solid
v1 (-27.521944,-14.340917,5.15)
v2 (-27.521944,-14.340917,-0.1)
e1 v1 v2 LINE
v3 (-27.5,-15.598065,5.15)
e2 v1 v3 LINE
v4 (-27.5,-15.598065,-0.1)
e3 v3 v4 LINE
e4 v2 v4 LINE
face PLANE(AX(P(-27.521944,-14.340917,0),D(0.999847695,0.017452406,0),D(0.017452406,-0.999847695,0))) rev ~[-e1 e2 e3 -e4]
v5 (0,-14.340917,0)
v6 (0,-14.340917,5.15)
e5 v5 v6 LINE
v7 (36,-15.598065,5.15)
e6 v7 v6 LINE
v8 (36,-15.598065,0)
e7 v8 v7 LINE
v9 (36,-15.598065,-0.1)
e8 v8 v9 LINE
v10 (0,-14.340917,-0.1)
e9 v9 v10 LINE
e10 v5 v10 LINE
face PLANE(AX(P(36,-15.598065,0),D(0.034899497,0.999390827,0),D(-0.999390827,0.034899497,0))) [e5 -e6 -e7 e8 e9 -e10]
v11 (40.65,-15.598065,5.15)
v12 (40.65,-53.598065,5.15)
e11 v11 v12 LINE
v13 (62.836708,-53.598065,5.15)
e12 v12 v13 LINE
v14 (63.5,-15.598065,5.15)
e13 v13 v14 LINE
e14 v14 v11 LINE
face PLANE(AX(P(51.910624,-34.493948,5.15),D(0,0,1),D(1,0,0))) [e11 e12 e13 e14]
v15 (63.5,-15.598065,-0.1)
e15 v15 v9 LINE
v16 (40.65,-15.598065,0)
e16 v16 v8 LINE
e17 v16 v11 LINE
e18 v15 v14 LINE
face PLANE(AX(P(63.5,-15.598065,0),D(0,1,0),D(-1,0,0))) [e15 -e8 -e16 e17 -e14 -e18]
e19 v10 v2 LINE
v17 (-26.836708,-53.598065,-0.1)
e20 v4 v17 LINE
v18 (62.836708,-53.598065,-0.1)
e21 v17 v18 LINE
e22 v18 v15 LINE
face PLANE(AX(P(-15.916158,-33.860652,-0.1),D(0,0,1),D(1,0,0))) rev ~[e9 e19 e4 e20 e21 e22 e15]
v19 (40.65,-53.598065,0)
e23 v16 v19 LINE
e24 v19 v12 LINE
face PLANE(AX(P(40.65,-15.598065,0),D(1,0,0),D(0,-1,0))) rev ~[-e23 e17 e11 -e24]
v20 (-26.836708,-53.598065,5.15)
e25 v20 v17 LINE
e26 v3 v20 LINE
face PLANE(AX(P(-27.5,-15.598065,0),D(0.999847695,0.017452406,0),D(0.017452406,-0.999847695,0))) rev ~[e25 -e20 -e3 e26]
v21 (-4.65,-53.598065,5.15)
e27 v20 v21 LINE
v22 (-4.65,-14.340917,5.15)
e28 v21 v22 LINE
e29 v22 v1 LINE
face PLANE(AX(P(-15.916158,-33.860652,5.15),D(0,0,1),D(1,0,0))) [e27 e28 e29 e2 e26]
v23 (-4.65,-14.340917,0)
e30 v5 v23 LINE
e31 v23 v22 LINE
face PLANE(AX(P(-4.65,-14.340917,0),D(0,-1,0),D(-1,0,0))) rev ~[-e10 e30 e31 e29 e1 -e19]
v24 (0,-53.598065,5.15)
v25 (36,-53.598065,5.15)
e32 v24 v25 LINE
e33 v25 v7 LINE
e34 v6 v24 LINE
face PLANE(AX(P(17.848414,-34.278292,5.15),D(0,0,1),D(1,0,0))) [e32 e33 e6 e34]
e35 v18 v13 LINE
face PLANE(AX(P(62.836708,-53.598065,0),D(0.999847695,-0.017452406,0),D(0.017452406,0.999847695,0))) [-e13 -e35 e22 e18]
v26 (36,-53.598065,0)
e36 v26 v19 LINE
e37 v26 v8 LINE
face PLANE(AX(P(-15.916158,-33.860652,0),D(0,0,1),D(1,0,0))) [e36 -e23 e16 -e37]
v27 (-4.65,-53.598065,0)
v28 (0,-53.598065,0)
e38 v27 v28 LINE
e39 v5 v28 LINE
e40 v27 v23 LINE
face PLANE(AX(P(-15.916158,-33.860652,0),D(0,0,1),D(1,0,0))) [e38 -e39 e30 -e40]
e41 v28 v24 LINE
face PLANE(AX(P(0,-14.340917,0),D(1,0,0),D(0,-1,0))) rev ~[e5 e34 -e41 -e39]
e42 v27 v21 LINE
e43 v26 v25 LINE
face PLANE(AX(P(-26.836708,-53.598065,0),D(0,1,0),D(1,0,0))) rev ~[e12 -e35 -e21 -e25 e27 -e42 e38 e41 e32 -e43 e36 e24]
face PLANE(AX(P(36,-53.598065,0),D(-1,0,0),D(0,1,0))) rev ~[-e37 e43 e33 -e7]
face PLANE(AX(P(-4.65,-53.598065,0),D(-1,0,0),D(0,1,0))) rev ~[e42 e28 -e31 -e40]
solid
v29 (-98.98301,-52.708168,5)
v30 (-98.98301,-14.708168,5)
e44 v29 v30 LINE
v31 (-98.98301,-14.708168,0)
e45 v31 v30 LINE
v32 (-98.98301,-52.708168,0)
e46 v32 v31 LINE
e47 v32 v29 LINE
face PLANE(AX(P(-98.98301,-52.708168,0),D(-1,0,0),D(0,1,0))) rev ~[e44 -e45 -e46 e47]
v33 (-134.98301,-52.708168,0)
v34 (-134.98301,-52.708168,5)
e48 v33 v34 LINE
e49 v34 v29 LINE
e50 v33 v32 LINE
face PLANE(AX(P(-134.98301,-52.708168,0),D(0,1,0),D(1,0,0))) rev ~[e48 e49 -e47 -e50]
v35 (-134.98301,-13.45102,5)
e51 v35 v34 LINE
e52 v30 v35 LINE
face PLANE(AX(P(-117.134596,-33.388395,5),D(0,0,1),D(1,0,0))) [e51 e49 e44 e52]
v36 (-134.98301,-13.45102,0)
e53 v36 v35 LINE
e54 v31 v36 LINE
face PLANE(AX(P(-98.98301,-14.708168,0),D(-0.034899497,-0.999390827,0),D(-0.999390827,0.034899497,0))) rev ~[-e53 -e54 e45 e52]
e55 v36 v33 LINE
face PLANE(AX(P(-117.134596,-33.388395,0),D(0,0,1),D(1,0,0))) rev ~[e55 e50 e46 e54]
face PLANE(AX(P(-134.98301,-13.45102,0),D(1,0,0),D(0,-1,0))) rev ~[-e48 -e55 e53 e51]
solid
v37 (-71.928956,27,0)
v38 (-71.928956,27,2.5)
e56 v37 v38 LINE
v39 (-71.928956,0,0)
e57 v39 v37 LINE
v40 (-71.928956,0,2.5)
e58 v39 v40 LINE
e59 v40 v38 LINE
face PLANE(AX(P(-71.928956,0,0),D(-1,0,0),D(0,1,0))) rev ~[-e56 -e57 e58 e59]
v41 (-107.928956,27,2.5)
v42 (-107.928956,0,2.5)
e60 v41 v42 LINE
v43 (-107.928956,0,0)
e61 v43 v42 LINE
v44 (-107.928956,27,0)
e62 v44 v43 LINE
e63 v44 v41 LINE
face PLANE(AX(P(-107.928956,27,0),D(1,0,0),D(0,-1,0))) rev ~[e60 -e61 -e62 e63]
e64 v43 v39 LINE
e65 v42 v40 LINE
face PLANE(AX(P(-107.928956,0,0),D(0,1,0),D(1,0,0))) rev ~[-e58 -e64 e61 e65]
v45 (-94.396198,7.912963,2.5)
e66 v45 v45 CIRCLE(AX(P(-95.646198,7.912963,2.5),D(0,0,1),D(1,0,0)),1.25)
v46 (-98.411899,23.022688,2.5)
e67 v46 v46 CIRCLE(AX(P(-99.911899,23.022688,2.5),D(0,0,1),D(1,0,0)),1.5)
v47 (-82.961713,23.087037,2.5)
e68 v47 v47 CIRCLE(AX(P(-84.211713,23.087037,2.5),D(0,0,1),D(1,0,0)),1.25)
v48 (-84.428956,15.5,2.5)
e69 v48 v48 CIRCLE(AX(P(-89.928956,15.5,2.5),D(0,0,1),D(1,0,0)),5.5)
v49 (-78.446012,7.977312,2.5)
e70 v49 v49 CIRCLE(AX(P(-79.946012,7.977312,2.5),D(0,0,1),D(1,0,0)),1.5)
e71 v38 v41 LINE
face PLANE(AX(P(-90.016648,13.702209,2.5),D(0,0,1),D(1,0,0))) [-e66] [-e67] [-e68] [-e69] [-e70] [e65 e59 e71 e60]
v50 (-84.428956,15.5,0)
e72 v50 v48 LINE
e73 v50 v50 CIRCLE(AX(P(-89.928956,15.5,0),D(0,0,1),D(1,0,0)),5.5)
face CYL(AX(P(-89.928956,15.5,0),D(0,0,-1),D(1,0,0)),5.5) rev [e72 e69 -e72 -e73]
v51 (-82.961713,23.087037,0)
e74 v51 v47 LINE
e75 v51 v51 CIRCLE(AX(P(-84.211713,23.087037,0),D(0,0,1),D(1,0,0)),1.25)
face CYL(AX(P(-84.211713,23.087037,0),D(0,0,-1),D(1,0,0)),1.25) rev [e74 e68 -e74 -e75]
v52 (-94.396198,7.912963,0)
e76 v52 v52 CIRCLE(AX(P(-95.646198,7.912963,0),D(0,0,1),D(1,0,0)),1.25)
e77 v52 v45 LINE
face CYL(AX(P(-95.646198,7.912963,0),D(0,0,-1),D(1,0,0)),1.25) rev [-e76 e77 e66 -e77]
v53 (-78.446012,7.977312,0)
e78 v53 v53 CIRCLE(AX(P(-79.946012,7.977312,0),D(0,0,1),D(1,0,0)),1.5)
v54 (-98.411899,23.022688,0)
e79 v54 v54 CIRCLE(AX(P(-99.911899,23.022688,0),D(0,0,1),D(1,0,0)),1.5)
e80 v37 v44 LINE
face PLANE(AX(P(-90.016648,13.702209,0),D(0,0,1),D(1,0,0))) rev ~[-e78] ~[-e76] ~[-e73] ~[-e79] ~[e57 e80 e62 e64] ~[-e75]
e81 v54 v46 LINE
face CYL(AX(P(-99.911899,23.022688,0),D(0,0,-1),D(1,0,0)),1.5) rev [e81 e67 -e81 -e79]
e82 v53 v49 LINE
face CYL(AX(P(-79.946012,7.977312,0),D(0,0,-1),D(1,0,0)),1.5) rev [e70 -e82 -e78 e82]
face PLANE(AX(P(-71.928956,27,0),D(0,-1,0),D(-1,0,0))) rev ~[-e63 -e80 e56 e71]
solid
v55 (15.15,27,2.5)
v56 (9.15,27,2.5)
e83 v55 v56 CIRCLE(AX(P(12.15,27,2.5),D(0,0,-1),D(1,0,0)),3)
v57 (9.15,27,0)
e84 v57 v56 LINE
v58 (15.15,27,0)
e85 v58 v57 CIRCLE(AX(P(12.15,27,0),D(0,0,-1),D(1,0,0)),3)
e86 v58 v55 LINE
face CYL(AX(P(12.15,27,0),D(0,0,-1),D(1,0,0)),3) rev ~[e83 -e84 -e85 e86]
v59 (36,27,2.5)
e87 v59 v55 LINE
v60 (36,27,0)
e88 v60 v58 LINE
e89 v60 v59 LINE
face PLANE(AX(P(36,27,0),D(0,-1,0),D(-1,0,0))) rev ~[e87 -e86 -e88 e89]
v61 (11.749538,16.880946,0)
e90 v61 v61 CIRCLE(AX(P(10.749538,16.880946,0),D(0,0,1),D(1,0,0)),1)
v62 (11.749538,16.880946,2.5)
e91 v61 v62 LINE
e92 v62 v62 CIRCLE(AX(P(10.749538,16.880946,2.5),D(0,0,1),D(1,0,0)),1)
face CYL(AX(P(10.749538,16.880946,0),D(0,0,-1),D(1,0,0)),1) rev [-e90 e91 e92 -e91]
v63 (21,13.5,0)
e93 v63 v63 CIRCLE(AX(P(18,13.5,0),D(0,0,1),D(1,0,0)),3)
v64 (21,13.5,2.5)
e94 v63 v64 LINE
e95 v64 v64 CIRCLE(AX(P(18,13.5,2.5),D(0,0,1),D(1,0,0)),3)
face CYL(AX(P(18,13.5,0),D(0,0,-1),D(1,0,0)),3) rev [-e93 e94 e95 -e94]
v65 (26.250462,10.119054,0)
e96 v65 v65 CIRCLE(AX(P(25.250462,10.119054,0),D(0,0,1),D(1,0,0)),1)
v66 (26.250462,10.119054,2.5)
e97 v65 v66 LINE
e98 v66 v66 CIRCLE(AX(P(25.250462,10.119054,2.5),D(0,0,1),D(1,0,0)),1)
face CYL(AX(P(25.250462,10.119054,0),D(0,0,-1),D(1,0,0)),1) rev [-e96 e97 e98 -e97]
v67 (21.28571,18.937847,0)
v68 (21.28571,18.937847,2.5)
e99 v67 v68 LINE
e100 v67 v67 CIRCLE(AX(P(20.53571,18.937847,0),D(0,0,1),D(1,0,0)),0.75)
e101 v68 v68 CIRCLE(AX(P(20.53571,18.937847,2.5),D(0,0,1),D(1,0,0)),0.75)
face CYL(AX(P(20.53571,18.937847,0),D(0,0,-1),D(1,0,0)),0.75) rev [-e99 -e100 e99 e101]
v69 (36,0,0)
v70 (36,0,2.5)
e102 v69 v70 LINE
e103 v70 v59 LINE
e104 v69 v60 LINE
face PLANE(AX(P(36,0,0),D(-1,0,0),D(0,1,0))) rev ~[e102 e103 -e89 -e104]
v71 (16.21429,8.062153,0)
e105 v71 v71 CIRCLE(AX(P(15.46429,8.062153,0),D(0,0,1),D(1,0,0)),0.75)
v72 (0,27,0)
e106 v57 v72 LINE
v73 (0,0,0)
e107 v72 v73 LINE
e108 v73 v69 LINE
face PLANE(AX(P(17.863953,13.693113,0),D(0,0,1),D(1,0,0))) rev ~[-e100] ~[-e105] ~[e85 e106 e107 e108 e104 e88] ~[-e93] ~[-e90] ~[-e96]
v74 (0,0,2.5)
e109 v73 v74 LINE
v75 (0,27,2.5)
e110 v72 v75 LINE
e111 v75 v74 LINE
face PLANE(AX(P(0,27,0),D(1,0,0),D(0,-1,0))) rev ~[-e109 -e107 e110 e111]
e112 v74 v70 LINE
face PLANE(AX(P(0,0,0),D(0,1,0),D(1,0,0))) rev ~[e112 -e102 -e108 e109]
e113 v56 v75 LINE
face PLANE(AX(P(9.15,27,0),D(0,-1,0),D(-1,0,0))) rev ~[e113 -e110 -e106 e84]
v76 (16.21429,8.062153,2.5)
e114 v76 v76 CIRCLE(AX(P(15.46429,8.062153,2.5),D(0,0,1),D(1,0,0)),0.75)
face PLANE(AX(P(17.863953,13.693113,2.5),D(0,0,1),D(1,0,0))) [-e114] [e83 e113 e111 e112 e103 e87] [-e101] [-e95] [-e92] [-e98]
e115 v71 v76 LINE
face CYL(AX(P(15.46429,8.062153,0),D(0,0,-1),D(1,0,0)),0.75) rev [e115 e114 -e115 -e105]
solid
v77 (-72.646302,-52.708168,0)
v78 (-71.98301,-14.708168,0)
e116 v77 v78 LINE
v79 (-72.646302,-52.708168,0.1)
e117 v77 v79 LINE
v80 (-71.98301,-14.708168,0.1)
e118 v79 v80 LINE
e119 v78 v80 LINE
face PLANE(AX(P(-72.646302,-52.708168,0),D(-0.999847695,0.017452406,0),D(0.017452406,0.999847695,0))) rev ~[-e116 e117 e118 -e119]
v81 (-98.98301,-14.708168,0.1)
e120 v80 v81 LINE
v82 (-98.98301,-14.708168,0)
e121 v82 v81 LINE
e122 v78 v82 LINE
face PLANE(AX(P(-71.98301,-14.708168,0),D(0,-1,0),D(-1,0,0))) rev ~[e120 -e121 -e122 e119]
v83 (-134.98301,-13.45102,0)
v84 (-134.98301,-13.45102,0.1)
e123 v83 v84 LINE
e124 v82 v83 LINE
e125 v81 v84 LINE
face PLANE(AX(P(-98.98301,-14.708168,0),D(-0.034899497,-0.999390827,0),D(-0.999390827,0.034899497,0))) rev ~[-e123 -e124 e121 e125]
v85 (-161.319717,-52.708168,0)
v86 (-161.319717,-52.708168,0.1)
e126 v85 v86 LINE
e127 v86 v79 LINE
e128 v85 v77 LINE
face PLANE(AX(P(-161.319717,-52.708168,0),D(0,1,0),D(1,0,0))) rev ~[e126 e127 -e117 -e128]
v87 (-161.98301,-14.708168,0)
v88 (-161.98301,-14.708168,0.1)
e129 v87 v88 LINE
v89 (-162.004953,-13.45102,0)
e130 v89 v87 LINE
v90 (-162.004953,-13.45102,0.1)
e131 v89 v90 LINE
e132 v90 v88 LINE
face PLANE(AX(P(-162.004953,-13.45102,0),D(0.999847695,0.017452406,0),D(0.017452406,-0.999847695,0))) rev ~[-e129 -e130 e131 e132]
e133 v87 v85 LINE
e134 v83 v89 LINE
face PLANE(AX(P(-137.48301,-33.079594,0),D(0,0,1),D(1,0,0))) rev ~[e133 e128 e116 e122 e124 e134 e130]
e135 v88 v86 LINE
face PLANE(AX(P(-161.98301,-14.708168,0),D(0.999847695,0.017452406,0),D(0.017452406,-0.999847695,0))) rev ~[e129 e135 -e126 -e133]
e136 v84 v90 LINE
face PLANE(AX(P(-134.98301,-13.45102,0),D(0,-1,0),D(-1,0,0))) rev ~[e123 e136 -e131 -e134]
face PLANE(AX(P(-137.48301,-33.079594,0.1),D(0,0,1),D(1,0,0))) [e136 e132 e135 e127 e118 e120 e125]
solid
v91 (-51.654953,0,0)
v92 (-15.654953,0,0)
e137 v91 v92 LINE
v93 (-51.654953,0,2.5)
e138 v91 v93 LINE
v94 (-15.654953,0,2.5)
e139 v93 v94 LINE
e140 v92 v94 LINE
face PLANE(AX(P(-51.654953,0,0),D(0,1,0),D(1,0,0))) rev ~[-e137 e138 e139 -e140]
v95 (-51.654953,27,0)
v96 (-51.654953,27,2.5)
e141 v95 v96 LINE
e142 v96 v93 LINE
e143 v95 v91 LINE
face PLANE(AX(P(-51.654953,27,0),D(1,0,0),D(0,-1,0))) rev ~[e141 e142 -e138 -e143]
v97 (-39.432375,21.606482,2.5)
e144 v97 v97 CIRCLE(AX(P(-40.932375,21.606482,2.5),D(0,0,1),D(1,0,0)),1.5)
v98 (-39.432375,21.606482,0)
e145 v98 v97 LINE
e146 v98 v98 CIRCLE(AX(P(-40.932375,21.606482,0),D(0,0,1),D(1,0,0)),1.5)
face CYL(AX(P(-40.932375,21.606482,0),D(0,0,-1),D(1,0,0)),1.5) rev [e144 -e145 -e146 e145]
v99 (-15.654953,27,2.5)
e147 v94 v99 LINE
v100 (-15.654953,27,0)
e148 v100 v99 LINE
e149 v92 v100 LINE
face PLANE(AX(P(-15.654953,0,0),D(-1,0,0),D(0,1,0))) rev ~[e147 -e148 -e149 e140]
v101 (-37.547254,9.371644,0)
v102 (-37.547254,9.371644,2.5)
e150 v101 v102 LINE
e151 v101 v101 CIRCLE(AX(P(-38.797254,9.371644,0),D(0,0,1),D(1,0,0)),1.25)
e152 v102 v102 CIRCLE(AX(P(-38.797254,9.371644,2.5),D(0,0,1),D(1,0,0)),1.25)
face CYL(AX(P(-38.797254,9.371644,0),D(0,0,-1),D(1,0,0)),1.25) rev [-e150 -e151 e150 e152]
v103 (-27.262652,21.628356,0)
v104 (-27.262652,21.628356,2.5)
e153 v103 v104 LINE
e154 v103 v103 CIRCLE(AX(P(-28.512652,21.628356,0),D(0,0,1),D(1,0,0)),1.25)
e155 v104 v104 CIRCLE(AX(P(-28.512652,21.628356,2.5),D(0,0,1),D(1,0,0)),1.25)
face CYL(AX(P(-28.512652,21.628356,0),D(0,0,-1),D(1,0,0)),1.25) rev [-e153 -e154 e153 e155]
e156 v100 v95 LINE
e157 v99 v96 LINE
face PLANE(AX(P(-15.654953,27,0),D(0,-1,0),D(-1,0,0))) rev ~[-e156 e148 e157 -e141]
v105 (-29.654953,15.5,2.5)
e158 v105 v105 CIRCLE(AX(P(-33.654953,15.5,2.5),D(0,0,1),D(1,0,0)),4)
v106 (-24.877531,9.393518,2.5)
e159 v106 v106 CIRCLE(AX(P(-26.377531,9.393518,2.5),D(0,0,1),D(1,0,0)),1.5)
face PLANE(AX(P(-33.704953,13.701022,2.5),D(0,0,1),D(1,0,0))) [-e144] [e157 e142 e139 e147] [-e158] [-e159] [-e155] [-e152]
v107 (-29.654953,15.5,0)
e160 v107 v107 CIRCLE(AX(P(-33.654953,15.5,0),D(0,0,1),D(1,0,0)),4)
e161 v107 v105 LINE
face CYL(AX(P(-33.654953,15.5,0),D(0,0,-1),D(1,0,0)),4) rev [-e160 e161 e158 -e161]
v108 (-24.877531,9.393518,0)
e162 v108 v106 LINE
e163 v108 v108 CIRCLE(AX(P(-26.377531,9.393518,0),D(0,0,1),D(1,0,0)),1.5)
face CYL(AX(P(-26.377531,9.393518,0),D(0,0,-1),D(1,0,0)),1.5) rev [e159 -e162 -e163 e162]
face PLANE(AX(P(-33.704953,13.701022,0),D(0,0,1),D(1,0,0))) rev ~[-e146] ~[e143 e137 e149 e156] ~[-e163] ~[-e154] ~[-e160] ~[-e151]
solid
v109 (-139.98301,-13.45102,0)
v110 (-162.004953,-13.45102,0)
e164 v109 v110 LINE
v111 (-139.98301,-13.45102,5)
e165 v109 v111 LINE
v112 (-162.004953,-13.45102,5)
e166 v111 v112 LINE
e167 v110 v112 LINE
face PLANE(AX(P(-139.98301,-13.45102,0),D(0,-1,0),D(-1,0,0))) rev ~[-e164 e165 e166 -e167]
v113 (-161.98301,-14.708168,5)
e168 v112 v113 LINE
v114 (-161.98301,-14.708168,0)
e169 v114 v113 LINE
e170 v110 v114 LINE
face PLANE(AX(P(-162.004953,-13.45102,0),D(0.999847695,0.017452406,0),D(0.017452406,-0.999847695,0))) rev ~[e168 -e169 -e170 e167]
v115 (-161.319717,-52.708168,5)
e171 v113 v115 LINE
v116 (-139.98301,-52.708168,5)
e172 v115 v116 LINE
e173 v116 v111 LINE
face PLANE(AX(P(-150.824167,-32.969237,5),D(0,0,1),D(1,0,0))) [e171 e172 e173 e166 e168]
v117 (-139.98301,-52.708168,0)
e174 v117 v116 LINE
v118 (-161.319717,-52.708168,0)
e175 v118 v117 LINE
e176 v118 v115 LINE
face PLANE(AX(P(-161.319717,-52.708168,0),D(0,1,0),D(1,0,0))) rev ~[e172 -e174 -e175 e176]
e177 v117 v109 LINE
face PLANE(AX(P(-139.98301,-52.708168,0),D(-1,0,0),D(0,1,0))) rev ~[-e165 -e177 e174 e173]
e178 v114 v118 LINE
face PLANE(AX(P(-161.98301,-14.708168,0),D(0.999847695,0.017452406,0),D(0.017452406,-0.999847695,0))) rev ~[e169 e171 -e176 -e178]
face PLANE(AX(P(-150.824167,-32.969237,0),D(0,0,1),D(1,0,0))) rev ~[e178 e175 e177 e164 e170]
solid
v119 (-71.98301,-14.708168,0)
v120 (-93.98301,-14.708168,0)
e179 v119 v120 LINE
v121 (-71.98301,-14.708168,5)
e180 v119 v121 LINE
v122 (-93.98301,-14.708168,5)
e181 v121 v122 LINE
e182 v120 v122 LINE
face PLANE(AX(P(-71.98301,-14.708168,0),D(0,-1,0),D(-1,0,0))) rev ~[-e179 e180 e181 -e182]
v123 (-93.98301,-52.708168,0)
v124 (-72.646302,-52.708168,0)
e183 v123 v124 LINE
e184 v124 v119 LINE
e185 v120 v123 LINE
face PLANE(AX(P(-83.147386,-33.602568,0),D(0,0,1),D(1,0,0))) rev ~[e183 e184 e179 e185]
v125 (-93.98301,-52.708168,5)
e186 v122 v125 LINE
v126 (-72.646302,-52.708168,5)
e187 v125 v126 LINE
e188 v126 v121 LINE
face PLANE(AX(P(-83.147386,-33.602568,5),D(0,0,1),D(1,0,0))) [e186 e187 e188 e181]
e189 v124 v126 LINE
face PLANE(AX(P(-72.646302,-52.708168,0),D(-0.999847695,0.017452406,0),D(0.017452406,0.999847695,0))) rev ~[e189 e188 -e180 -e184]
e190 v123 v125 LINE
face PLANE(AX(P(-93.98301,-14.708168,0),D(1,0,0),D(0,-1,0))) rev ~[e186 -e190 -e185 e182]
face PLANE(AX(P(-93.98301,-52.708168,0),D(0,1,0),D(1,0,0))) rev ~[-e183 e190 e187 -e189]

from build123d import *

# Parameters (mm, degrees)
F2_R      = 0.75
F2_R_2    = 1
F2_R_3    = 3
F7_DEPTH  = 2.5
F3_R      = 1.25
F3_R_2    = 1.5
F3_R_3    = 4
F4_R      = 1.25
F4_R_2    = 1.5
F4_R_3    = 5.5
F6_W      = 4.65
F6_H      = 38
F8_DEPTH  = 0.1
F9_DEPTH  = 5.15
F5_W      = 5
F5_H      = 38
F10_DEPTH = 0.1
F11_DEPTH = 5


with BuildPart() as f7:
    # F2 (on Top) → F7 (new body)
    with BuildSketch(Plane.XY):
        with BuildLine():
            Line((0, 27), (0, 0))
            Line((0, 0), (36, 0))
            Line((36, 0), (36, 27))
            Line((36, 27), (30.85, 27))
            Line((30.85, 27), (15.15, 27))
            ThreePointArc((15.15, 27), (12.15, 24), (9.15, 27))
            Line((9.15, 27), (0, 27))
        make_face()
        with Locations((15.4642904296, 8.0621532778)):
            Circle(F2_R, mode=Mode.SUBTRACT)
        with Locations((25.2504622963, 10.1190539061)):
            Circle(F2_R_2, mode=Mode.SUBTRACT)
        with Locations((10.7495377037, 16.8809460939)):
            Circle(F2_R_2, mode=Mode.SUBTRACT)
        with Locations((18, 13.5)):
            Circle(F2_R_3, mode=Mode.SUBTRACT)
        with Locations((20.5357095704, 18.9378467222)):
            Circle(F2_R, mode=Mode.SUBTRACT)
    extrude(amount=F7_DEPTH)


with BuildPart() as f7b:
    # F3 (on Top) → F7, piece 2 (new body)
    with BuildSketch(Plane.XY):
        with BuildLine():
            Line((-51.6549531966, 27), (-51.6549531966, 0))
            Line((-51.6549531966, 0), (-15.6549531966, 0))
            Line((-15.6549531966, 0), (-15.6549531966, 27))
            Line((-15.6549531966, 27), (-20.8049531966, 27))
            Line((-20.8049531966, 27), (-32.0049531966, 27))
            ThreePointArc((-32.0049531966, 27), (-35.5049531966, 23.5), (-39.0049531966, 27))
            Line((-39.0049531966, 27), (-51.6549531966, 27))
        make_face()
        with Locations((-38.7972540741, 9.371644455)):
            Circle(F3_R, mode=Mode.SUBTRACT)
        with Locations((-26.377530987, 9.393517708)):
            Circle(F3_R_2, mode=Mode.SUBTRACT)
        with Locations((-40.9323754063, 21.606482292)):
            Circle(F3_R_2, mode=Mode.SUBTRACT)
        with Locations((-33.6549531966, 15.5)):
            Circle(F3_R_3, mode=Mode.SUBTRACT)
        with Locations((-28.5126523192, 21.628355545)):
            Circle(F3_R, mode=Mode.SUBTRACT)
        with BuildLine():
            Line((-32.0049531966, 27), (-39.0049531966, 27))
            ThreePointArc((-39.0049531966, 27), (-35.5049531966, 23.5), (-32.0049531966, 27))
        make_face()
    extrude(amount=F7_DEPTH)


with BuildPart() as f7c:
    # F4 (on Top) → F7, piece 3 (new body)
    with BuildSketch(Plane.XY):
        with BuildLine():
            Line((-107.9289556146, 27), (-107.9289556146, 0))
            Line((-107.9289556146, 0), (-71.9289556146, 0))
            Line((-71.9289556146, 0), (-71.9289556146, 27))
            Line((-71.9289556146, 27), (-77.0789556146, 27))
            Line((-77.0789556146, 27), (-88.7789556146, 27))
            ThreePointArc((-88.7789556146, 27), (-92.7789556146, 23), (-96.7789556146, 27))
            Line((-96.7789556146, 27), (-107.9289556146, 27))
        make_face()
        with Locations((-95.6461983345, 7.9129626546)):
            Circle(F4_R, mode=Mode.SUBTRACT)
        with Locations((-79.946011739, 7.9773122106)):
            Circle(F4_R_2, mode=Mode.SUBTRACT)
        with Locations((-99.9118994902, 23.0226877894)):
            Circle(F4_R_2, mode=Mode.SUBTRACT)
        with Locations((-89.9289556146, 15.5)):
            Circle(F4_R_3, mode=Mode.SUBTRACT)
        with Locations((-84.2117128946, 23.0870373454)):
            Circle(F4_R, mode=Mode.SUBTRACT)
        with BuildLine():
            Line((-88.7789556146, 27), (-96.7789556146, 27))
            ThreePointArc((-96.7789556146, 27), (-92.7789556146, 23), (-88.7789556146, 27))
        make_face()
    extrude(amount=F7_DEPTH)


with BuildPart() as f8:
    # F6 (on Top) → F8 (new body)
    with BuildSketch(Plane.XY):
        Polygon((-26.8367075327, -53.5980651379), (-4.65, -53.5980651379), (-4.65, -15.5980651379), (-4.65, -14.3409174362), (-27.5, -14.3409174362), (-27.5219435948, -14.3409174362), (-27.5, -15.5980651379), align=None)
        Polygon((-4.65, -53.5980651379), (0, -53.5980651379), (0, -15.5980651379), (0, -14.3409174362), (-4.65, -14.3409174362), (-4.65, -15.5980651379), align=None)
        Polygon((0, -15.5980651379), (0, -53.5980651379), (36, -53.5980651379), (36, -15.5980651379), (0, -14.3409174362), align=None)
        with Locations((38.325, -34.5980651379)):
            Rectangle(F6_W, F6_H)
        Polygon((40.65, -15.5980651379), (40.65, -53.5980651379), (62.8367075327, -53.5980651379), (63.5, -15.5980651379), align=None)
    extrude(amount=-F8_DEPTH)

    # F6 (on Top) → F9 (join)
    with BuildSketch(Plane.XY):
        Polygon((-26.8367075327, -53.5980651379), (-4.65, -53.5980651379), (-4.65, -15.5980651379), (-4.65, -14.3409174362), (-27.5, -14.3409174362), (-27.5219435948, -14.3409174362), (-27.5, -15.5980651379), align=None)
        Polygon((0, -15.5980651379), (0, -53.5980651379), (36, -53.5980651379), (36, -15.5980651379), (0, -14.3409174362), align=None)
        Polygon((40.65, -15.5980651379), (40.65, -53.5980651379), (62.8367075327, -53.5980651379), (63.5, -15.5980651379), align=None)
    extrude(amount=F9_DEPTH)


with BuildPart() as f10:
    # F5 (on Top) → F10 (new body)
    with BuildSketch(Plane.XY):
        Polygon((-139.9830095768, -52.7081678733), (-134.9830095768, -52.7081678733), (-134.9830095768, -14.7081678733), (-134.9830095768, -13.4510201716), (-139.9830095768, -13.4510201716), (-139.9830095768, -14.7081678733), align=None)
        with Locations((-96.4830095768, -33.7081678733)):
            Rectangle(F5_W, F5_H)
        Polygon((-161.3197171095, -52.7081678733), (-139.9830095768, -52.7081678733), (-139.9830095768, -14.7081678733), (-139.9830095768, -13.4510201716), (-161.9830095768, -13.4510201716), (-162.0049531716, -13.4510201716), (-161.9830095768, -14.7081678733), align=None)
        Polygon((-134.9830095768, -14.7081678733), (-134.9830095768, -52.7081678733), (-98.9830095768, -52.7081678733), (-98.9830095768, -14.7081678733), (-134.9830095768, -13.4510201716), align=None)
        Polygon((-93.9830095768, -14.7081678733), (-93.9830095768, -52.7081678733), (-72.6463020441, -52.7081678733), (-71.9830095768, -14.7081678733), align=None)
    extrude(amount=F10_DEPTH)


with BuildPart() as f11:
    # F5 (on Top) → F11 (new body)
    with BuildSketch(Plane.XY):
        Polygon((-161.3197171095, -52.7081678733), (-139.9830095768, -52.7081678733), (-139.9830095768, -14.7081678733), (-139.9830095768, -13.4510201716), (-161.9830095768, -13.4510201716), (-162.0049531716, -13.4510201716), (-161.9830095768, -14.7081678733), align=None)
    extrude(amount=F11_DEPTH)


with BuildPart() as f11b:
    # F5 (on Top) → F11, piece 2 (new body)
    with BuildSketch(Plane.XY):
        Polygon((-134.9830095768, -14.7081678733), (-134.9830095768, -52.7081678733), (-98.9830095768, -52.7081678733), (-98.9830095768, -14.7081678733), (-134.9830095768, -13.4510201716), align=None)
    extrude(amount=F11_DEPTH)


with BuildPart() as f11c:
    # F5 (on Top) → F11, piece 3 (new body)
    with BuildSketch(Plane.XY):
        Polygon((-93.9830095768, -14.7081678733), (-93.9830095768, -52.7081678733), (-72.6463020441, -52.7081678733), (-71.9830095768, -14.7081678733), align=None)
    extrude(amount=F11_DEPTH)


solid = Compound([f7.part, f7b.part, f7c.part, f8.part, f10.part, f11.part, f11b.part, f11c.part])
